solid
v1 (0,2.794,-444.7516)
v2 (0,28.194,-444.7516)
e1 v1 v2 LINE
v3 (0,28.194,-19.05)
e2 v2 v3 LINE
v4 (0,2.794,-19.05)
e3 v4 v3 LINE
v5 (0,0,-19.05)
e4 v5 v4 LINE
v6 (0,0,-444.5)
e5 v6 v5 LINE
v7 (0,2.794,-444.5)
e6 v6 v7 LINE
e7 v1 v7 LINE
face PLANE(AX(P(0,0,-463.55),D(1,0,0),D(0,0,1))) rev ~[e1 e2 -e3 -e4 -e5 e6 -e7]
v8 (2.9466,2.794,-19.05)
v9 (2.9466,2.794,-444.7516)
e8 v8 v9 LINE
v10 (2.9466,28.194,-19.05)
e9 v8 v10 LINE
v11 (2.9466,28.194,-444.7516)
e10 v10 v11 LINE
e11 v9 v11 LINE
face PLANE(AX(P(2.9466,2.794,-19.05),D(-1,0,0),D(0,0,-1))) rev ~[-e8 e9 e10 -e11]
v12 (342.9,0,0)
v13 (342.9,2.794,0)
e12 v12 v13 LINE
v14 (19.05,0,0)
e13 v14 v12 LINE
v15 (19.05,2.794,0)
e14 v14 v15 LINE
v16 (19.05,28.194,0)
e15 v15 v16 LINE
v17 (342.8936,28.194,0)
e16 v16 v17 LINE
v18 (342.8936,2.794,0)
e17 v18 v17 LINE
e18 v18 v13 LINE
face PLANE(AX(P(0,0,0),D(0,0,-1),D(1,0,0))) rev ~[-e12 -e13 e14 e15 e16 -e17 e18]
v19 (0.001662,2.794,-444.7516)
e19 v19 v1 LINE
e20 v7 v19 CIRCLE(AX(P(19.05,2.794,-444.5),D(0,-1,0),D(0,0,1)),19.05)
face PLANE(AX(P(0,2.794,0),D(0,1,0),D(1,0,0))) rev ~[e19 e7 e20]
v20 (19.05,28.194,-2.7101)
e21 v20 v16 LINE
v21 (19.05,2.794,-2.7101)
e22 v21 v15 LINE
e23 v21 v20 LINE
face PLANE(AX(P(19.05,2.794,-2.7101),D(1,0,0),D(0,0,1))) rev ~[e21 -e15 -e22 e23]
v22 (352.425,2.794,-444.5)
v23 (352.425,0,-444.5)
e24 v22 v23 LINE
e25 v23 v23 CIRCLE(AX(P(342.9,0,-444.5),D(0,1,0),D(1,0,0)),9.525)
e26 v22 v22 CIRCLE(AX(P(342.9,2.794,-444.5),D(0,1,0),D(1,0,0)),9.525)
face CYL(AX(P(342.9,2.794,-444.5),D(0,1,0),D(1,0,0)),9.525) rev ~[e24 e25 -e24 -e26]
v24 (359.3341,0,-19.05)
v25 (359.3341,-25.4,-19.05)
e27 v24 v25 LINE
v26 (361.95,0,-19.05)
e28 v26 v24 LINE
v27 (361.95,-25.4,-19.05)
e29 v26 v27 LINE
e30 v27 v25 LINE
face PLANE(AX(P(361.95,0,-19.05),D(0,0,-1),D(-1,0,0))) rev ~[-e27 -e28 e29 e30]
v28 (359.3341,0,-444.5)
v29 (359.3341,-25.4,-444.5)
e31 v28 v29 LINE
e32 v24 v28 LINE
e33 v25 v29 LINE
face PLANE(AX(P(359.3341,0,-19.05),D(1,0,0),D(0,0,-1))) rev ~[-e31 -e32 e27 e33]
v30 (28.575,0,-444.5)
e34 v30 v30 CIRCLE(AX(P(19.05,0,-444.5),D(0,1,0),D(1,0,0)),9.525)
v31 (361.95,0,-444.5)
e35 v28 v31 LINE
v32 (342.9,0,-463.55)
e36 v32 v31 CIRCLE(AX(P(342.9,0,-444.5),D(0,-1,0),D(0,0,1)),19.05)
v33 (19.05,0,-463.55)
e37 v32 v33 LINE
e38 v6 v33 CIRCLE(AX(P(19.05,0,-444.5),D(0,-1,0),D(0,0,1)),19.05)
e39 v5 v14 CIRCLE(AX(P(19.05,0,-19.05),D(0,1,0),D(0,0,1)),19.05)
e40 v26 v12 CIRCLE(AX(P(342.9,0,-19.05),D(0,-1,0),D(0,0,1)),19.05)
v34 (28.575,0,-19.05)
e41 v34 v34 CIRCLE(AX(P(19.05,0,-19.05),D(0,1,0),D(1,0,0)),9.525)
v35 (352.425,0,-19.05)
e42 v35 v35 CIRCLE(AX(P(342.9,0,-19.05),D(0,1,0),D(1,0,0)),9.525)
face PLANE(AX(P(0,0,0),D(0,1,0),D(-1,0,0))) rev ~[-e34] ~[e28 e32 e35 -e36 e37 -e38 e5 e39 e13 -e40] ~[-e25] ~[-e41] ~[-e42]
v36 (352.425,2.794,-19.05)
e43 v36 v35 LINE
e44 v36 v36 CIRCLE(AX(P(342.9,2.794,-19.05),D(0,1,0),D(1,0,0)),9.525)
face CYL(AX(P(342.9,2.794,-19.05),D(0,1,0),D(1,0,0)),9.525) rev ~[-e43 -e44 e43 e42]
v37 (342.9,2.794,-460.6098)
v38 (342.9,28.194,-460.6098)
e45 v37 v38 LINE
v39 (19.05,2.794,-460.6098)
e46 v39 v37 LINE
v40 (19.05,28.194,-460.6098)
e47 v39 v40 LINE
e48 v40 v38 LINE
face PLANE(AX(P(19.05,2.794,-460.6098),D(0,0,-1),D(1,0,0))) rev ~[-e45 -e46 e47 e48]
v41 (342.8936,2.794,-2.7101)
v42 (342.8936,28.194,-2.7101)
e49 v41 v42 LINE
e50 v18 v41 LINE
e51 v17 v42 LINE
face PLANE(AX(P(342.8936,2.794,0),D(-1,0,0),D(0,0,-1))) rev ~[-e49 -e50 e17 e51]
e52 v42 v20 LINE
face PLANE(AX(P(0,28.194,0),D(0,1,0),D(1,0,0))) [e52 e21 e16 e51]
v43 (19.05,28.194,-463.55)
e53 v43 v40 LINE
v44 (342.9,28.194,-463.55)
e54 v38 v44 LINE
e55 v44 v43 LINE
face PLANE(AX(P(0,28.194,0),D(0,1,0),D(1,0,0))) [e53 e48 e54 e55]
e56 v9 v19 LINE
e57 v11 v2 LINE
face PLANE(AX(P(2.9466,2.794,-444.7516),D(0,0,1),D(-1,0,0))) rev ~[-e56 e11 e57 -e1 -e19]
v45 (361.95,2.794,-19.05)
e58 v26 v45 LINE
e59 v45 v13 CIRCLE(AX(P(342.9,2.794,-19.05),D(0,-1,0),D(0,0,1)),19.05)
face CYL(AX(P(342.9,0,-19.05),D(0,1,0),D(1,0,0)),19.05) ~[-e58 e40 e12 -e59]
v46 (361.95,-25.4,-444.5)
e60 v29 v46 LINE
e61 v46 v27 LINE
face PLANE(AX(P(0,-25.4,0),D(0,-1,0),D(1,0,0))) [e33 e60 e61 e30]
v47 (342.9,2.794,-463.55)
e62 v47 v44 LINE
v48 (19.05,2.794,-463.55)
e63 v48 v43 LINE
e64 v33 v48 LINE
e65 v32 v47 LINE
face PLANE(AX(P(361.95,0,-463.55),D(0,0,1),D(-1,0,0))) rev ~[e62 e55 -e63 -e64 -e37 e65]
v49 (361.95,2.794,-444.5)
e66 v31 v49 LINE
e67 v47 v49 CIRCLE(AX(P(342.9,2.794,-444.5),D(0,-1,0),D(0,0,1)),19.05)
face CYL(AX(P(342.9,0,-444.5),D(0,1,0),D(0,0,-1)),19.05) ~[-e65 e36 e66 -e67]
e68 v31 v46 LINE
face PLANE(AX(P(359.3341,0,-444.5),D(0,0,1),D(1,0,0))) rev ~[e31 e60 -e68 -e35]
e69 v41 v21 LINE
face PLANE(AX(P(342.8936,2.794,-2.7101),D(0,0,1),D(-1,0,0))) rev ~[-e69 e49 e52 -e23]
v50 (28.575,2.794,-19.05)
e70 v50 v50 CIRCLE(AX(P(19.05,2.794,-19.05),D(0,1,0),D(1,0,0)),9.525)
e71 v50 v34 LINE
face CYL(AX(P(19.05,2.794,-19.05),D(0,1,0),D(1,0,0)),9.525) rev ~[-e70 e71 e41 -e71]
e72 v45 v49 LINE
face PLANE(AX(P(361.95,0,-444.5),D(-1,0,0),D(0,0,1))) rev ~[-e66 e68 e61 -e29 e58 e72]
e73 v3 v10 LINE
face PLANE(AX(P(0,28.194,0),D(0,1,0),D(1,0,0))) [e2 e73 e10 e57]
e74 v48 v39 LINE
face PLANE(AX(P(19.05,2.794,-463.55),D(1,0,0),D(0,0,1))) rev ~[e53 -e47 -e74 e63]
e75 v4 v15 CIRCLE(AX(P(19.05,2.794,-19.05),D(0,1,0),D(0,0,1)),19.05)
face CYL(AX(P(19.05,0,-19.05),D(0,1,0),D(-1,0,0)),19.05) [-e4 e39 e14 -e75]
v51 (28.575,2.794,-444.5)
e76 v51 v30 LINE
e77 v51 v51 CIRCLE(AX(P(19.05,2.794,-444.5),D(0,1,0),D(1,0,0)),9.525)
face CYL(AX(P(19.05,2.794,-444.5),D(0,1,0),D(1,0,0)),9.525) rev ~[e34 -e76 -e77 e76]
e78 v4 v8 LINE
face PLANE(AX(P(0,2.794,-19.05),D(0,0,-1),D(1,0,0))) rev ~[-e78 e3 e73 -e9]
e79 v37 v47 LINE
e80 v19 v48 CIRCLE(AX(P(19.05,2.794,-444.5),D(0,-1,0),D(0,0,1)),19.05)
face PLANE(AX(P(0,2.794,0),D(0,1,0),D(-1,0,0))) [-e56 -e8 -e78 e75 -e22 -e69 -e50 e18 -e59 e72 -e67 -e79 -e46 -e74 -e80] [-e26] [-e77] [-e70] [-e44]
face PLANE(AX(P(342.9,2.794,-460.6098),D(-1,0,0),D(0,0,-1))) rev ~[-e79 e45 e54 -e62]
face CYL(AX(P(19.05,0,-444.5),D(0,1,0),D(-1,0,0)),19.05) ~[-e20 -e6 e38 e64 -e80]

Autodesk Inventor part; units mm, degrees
ref_plane "YZ Plane" through (0, 0, 0) normal (1, 0, 0) x (0, 1, 0)
ref_plane "XZ Plane" through (0, 0, 0) normal (0, 1, 0) x (-1, 0, 0)
ref_plane "XY Plane" through (0, 0, 0) normal (0, 0, 1) x (1, 0, 0)
sketch "Sketch1" plane through (0, 0, 0) normal (0, 1, 0) x (-1, 0, 0)
  line L0 (0, 0) -> (-361.95, 0)
  line L1 (-361.95, 0) -> (-361.95, -463.55)
  line L2 (-361.95, -463.55) -> (0, -463.55)
  line L3 (0, -463.55) -> (0, 0)
  dimension "d0" = 361.95
  dimension "d1" = 463.55
extrude "Extrusion1" add sketch "Sketch1" along normal blind 2.794
fillet "Fillet1" radius 19.05 4 edges at (361.95, 1.397, 0) (361.95, 1.397, -463.55) (0, 1.397, -463.55) (0, 1.397, 0)
sketch "Sketch3" plane through (0, 0, 0) normal (0, -1, 0) x (1, 0, 0)
  line L0 (361.95, -19.05) -> (359.3341, -19.05)
  line L1 (359.3341, -19.05) -> (359.3341, -444.5)
  line L2 (359.3341, -444.5) -> (361.95, -444.5)
  line L3 (361.95, -444.5) -> (361.95, -19.05)
  point P0 (0, 0)
extrude "Extrusion2" add sketch "Sketch3" along normal blind 25.4
sketch "Sketch4" plane through (0, 2.794, 0) normal (0, 1, 0) x (1, 0, 0)
  line L0 (19.05, 0) -> (342.8936, 0)
  line L1 (342.8936, 0) -> (342.8936, 2.7101)
  line L2 (342.8936, 2.7101) -> (19.05, 2.7101)
  line L3 (19.05, 2.7101) -> (19.05, 0)
  line L4 (0, 19.05) -> (2.9466, 19.05)
  line L5 (2.9466, 19.05) -> (2.9466, 444.7516)
  line L6 (2.9466, 444.7516) -> (0, 444.7516)
  line L7 (0, 444.7516) -> (0, 19.05)
  line L8 (342.9, 463.55) -> (19.05, 463.55)
  line L9 (19.05, 463.55) -> (19.05, 460.6098)
  line L10 (19.05, 460.6098) -> (342.9, 460.6098)
  line L11 (342.9, 460.6098) -> (342.9, 463.55)
  point P0 (0, 0)
extrude "Extrusion3" add sketch "Sketch4" along normal blind 25.4
sketch "Sketch5" plane through (0, 2.794, 0) normal (0, 1, 0) x (1, 0, 0)
  line L0 (19.05, 460.6098) -> (19.05, 463.55) projected
  arc A0 (19.05, 463.55) -> (0.0017, 444.7516) centre (19.05, 444.5) ccw projected
  line L1 (0.0017, 444.7516) -> (2.9466, 444.7516) projected
  line L2 (2.9466, 444.7516) -> (2.9466, 19.05) projected
  line L3 (2.9466, 19.05) -> (0, 19.05) projected
  arc A1 (0, 19.05) -> (19.05, 0) centre (19.05, 19.05) ccw projected
  line L4 (19.05, 0) -> (19.05, 2.7101) projected
  line L5 (19.05, 2.7101) -> (342.8936, 2.7101) projected
  line L6 (342.8936, 2.7101) -> (342.8936, 0) projected
  line L7 (342.8936, 0) -> (342.9, 0) projected
  arc A2 (342.9, 0) -> (361.95, 19.05) centre (342.9, 19.05) ccw projected
  line L8 (361.95, 19.05) -> (361.95, 444.5) projected
  arc A3 (361.95, 444.5) -> (342.9, 463.55) centre (342.9, 444.5) ccw projected
  line L9 (342.9, 463.55) -> (342.9, 460.6098) projected
  line L10 (342.9, 460.6098) -> (19.05, 460.6098) projected
  circle A4 centre (19.05, 19.05) radius 9.525
  circle A5 centre (19.05, 444.5) radius 9.525
  point P0 (0, 0)
  dimension "d11" = 19.05
  dimension "d12" = 19.05
extrude "Extrusion4" cut sketch "Sketch5" against normal blind 25.4 contours A4 | A5
sketch "Sketch6" plane through (0, 2.794, 0) normal (0, 1, 0) x (1, 0, 0)
  circle A0 centre (19.05, 19.05) radius 9.525 projected
  circle A1 centre (19.05, 444.5) radius 9.525 projected
  line L0 (19.05, 460.6098) -> (19.05, 463.55) projected
  arc A2 (19.05, 463.55) -> (0.0017, 444.7516) centre (19.05, 444.5) ccw projected
  line L1 (0.0017, 444.7516) -> (2.9466, 444.7516) projected
  line L2 (2.9466, 444.7516) -> (2.9466, 19.05) projected
  line L3 (2.9466, 19.05) -> (0, 19.05) projected
  arc A3 (0, 19.05) -> (19.05, 0) centre (19.05, 19.05) ccw projected
  line L4 (19.05, 0) -> (19.05, 2.7101) projected
  line L5 (19.05, 2.7101) -> (342.8936, 2.7101) projected
  line L6 (342.8936, 2.7101) -> (342.8936, 0) projected
  line L7 (342.8936, 0) -> (342.9, 0) projected
  arc A4 (342.9, 0) -> (361.95, 19.05) centre (342.9, 19.05) ccw projected
  line L8 (361.95, 19.05) -> (361.95, 444.5) projected
  arc A5 (361.95, 444.5) -> (342.9, 463.55) centre (342.9, 444.5) ccw projected
  line L9 (342.9, 463.55) -> (342.9, 460.6098) projected
  line L10 (342.9, 460.6098) -> (19.05, 460.6098) projected
  circle A6 centre (342.9, 19.05) radius 9.525
  circle A7 centre (342.9, 444.5) radius 9.525
  point P0 (0, 0)
  dimension "d15" = 19.05
  dimension "d16" = 19.05
extrude "Extrusion5" cut sketch "Sketch6" against normal blind 25.4 contours A6 | A7
properties part number "Cart_MID_SHELF"
